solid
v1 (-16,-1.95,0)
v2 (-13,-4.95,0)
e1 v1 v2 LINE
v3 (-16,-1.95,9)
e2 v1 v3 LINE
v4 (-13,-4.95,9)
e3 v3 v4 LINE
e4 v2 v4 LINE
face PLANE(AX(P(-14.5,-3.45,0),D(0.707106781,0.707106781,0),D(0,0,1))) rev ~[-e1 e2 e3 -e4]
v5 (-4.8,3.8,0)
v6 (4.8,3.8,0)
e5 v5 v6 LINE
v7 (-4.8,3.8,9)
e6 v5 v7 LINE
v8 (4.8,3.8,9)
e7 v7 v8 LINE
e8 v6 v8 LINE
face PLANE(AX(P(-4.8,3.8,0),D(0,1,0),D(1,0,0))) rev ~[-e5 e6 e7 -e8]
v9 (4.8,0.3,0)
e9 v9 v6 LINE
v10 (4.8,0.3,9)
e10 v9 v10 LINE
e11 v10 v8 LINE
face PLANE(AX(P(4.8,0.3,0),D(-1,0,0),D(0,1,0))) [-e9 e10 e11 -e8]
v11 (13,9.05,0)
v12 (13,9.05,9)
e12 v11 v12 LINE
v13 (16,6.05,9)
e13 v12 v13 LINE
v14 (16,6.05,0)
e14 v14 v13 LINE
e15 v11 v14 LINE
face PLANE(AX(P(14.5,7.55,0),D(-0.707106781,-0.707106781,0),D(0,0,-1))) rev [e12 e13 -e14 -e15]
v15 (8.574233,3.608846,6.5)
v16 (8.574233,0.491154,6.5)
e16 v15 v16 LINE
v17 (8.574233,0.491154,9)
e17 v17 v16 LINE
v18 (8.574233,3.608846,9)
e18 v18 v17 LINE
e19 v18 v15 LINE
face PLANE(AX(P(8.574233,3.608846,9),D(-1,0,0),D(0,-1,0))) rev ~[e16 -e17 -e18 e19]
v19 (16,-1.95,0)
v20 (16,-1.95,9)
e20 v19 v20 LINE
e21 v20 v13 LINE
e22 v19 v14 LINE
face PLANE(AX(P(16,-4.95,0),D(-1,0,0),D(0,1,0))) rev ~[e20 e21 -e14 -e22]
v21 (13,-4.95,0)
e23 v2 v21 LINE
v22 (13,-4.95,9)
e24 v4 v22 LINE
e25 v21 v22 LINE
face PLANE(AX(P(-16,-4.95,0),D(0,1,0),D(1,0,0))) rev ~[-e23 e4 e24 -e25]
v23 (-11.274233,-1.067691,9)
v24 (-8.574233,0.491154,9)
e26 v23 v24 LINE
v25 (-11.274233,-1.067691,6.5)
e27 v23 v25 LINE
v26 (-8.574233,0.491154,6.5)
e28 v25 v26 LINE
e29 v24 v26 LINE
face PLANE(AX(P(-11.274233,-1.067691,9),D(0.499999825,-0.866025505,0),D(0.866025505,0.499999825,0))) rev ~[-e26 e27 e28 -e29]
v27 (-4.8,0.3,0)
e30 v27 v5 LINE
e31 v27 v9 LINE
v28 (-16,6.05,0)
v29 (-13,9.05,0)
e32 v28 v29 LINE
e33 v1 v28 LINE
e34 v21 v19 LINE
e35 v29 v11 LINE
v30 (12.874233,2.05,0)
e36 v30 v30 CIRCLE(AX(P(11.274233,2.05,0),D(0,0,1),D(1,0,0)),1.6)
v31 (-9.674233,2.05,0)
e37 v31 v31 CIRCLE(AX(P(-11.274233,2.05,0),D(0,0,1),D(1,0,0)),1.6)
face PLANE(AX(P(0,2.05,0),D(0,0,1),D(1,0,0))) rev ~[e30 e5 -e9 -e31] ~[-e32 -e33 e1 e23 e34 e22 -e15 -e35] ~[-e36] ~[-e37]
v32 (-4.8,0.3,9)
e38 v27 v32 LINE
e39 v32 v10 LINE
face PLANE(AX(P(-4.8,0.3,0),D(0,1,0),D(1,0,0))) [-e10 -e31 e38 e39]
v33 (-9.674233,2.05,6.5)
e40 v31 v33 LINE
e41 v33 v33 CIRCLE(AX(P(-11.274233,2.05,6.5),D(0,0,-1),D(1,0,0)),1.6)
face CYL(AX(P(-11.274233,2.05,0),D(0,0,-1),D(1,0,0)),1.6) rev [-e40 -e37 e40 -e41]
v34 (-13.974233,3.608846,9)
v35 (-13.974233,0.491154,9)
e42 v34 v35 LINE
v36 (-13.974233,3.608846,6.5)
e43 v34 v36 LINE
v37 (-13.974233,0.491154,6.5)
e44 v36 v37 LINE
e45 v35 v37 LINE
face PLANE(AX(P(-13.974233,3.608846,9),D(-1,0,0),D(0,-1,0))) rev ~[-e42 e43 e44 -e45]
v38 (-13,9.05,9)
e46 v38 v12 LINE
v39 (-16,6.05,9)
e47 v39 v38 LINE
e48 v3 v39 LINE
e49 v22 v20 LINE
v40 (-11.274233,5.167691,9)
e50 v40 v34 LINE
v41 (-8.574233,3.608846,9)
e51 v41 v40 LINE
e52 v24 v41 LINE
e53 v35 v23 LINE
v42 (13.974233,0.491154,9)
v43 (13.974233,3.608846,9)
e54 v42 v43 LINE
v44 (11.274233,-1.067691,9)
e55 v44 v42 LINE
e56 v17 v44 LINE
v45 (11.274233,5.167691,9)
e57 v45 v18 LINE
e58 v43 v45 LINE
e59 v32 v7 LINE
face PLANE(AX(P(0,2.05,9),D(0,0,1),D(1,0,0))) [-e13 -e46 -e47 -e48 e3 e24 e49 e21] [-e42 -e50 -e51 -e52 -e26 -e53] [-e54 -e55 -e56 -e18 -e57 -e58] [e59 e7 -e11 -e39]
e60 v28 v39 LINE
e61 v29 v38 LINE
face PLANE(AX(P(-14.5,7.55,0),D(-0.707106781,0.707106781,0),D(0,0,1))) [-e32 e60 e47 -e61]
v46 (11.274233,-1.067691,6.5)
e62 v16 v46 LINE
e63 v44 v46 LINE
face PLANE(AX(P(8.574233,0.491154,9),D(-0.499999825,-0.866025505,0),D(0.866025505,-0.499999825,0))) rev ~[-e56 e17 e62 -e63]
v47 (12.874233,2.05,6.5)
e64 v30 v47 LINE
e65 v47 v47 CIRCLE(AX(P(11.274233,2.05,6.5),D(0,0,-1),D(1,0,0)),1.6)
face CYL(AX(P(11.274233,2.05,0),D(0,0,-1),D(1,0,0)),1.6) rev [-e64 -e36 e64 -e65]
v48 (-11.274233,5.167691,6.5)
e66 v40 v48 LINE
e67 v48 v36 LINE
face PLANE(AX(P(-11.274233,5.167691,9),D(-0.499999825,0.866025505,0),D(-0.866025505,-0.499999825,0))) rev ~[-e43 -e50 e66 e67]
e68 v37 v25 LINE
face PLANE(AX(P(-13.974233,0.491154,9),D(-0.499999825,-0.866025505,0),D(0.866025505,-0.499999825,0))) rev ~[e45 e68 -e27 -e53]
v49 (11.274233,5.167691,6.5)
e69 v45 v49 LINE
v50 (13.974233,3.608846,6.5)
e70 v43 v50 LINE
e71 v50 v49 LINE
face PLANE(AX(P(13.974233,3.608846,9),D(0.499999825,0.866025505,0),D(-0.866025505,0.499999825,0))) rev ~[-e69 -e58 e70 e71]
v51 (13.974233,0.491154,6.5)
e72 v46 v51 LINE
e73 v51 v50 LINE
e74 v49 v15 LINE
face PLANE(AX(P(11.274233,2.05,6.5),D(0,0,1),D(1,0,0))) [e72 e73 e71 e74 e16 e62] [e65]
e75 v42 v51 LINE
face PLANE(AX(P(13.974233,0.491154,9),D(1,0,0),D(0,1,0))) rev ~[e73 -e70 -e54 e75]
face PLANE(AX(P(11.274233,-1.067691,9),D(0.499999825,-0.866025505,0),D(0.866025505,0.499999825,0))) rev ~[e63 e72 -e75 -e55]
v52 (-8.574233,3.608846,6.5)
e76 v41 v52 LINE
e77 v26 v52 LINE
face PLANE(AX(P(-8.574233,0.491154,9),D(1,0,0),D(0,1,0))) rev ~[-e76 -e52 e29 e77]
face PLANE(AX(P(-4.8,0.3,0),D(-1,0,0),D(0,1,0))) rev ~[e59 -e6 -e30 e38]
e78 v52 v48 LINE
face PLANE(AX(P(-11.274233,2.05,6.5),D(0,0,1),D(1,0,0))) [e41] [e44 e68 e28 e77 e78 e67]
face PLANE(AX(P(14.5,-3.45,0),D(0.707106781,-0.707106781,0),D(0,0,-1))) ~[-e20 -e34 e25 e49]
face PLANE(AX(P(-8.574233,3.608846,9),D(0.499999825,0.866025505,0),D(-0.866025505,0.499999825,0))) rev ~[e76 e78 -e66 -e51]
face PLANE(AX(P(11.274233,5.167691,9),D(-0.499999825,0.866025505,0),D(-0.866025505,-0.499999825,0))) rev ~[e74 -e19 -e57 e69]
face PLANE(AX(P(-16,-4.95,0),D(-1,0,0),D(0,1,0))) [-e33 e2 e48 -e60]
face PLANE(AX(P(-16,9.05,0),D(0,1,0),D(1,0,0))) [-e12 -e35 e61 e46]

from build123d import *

# Parameters (mm, degrees)
F0_W     = 32
F0_H     = 14
F0_R     = 1.6
F0_W_2   = 9.6
F0_H_2   = 3.5
F1_DEPTH = 9
F2_SIZE  = 3
F4_DEPTH = 2.5


with BuildPart() as f1:
    # F0 (on Top) → F1 (new body)
    with BuildSketch(Plane.XY):
        with Locations((0, 2.05)):
            Rectangle(F0_W, F0_H)
        with Locations((-11.274233, 2.05)):
            Circle(F0_R, mode=Mode.SUBTRACT)
        with Locations((0, 2.05)):
            Rectangle(F0_W_2, F0_H_2, mode=Mode.SUBTRACT)
        with Locations((11.274233, 2.05)):
            Circle(F0_R, mode=Mode.SUBTRACT)
    extrude(amount=F1_DEPTH)

    # F2
    f2_edges = [f1.edges().sort_by_distance(p)[0] for p in [
        (-16, -4.95, 4.5),
        (16, -4.95, 4.5),
        (16, 9.05, 4.5),
        (-16, 9.05, 4.5),
    ]]
    chamfer(f2_edges, length=F2_SIZE)

    # F3 (on face) → F4 (cut)
    with BuildSketch(Plane.XY.offset(9)):
        Polygon((-8.574233, 0.491154), (-8.574233, 3.608846), (-11.274233, 5.167691), (-13.974233, 3.608846), (-13.974233, 0.491154), (-11.274233, -1.067691), align=None)
        Polygon((13.974233, 0.491154), (13.974233, 3.608846), (11.274233, 5.167691), (8.574233, 3.608846), (8.574233, 0.491154), (11.274233, -1.067691), align=None)
    extrude(amount=-F4_DEPTH, mode=Mode.SUBTRACT)


solid = f1.part
